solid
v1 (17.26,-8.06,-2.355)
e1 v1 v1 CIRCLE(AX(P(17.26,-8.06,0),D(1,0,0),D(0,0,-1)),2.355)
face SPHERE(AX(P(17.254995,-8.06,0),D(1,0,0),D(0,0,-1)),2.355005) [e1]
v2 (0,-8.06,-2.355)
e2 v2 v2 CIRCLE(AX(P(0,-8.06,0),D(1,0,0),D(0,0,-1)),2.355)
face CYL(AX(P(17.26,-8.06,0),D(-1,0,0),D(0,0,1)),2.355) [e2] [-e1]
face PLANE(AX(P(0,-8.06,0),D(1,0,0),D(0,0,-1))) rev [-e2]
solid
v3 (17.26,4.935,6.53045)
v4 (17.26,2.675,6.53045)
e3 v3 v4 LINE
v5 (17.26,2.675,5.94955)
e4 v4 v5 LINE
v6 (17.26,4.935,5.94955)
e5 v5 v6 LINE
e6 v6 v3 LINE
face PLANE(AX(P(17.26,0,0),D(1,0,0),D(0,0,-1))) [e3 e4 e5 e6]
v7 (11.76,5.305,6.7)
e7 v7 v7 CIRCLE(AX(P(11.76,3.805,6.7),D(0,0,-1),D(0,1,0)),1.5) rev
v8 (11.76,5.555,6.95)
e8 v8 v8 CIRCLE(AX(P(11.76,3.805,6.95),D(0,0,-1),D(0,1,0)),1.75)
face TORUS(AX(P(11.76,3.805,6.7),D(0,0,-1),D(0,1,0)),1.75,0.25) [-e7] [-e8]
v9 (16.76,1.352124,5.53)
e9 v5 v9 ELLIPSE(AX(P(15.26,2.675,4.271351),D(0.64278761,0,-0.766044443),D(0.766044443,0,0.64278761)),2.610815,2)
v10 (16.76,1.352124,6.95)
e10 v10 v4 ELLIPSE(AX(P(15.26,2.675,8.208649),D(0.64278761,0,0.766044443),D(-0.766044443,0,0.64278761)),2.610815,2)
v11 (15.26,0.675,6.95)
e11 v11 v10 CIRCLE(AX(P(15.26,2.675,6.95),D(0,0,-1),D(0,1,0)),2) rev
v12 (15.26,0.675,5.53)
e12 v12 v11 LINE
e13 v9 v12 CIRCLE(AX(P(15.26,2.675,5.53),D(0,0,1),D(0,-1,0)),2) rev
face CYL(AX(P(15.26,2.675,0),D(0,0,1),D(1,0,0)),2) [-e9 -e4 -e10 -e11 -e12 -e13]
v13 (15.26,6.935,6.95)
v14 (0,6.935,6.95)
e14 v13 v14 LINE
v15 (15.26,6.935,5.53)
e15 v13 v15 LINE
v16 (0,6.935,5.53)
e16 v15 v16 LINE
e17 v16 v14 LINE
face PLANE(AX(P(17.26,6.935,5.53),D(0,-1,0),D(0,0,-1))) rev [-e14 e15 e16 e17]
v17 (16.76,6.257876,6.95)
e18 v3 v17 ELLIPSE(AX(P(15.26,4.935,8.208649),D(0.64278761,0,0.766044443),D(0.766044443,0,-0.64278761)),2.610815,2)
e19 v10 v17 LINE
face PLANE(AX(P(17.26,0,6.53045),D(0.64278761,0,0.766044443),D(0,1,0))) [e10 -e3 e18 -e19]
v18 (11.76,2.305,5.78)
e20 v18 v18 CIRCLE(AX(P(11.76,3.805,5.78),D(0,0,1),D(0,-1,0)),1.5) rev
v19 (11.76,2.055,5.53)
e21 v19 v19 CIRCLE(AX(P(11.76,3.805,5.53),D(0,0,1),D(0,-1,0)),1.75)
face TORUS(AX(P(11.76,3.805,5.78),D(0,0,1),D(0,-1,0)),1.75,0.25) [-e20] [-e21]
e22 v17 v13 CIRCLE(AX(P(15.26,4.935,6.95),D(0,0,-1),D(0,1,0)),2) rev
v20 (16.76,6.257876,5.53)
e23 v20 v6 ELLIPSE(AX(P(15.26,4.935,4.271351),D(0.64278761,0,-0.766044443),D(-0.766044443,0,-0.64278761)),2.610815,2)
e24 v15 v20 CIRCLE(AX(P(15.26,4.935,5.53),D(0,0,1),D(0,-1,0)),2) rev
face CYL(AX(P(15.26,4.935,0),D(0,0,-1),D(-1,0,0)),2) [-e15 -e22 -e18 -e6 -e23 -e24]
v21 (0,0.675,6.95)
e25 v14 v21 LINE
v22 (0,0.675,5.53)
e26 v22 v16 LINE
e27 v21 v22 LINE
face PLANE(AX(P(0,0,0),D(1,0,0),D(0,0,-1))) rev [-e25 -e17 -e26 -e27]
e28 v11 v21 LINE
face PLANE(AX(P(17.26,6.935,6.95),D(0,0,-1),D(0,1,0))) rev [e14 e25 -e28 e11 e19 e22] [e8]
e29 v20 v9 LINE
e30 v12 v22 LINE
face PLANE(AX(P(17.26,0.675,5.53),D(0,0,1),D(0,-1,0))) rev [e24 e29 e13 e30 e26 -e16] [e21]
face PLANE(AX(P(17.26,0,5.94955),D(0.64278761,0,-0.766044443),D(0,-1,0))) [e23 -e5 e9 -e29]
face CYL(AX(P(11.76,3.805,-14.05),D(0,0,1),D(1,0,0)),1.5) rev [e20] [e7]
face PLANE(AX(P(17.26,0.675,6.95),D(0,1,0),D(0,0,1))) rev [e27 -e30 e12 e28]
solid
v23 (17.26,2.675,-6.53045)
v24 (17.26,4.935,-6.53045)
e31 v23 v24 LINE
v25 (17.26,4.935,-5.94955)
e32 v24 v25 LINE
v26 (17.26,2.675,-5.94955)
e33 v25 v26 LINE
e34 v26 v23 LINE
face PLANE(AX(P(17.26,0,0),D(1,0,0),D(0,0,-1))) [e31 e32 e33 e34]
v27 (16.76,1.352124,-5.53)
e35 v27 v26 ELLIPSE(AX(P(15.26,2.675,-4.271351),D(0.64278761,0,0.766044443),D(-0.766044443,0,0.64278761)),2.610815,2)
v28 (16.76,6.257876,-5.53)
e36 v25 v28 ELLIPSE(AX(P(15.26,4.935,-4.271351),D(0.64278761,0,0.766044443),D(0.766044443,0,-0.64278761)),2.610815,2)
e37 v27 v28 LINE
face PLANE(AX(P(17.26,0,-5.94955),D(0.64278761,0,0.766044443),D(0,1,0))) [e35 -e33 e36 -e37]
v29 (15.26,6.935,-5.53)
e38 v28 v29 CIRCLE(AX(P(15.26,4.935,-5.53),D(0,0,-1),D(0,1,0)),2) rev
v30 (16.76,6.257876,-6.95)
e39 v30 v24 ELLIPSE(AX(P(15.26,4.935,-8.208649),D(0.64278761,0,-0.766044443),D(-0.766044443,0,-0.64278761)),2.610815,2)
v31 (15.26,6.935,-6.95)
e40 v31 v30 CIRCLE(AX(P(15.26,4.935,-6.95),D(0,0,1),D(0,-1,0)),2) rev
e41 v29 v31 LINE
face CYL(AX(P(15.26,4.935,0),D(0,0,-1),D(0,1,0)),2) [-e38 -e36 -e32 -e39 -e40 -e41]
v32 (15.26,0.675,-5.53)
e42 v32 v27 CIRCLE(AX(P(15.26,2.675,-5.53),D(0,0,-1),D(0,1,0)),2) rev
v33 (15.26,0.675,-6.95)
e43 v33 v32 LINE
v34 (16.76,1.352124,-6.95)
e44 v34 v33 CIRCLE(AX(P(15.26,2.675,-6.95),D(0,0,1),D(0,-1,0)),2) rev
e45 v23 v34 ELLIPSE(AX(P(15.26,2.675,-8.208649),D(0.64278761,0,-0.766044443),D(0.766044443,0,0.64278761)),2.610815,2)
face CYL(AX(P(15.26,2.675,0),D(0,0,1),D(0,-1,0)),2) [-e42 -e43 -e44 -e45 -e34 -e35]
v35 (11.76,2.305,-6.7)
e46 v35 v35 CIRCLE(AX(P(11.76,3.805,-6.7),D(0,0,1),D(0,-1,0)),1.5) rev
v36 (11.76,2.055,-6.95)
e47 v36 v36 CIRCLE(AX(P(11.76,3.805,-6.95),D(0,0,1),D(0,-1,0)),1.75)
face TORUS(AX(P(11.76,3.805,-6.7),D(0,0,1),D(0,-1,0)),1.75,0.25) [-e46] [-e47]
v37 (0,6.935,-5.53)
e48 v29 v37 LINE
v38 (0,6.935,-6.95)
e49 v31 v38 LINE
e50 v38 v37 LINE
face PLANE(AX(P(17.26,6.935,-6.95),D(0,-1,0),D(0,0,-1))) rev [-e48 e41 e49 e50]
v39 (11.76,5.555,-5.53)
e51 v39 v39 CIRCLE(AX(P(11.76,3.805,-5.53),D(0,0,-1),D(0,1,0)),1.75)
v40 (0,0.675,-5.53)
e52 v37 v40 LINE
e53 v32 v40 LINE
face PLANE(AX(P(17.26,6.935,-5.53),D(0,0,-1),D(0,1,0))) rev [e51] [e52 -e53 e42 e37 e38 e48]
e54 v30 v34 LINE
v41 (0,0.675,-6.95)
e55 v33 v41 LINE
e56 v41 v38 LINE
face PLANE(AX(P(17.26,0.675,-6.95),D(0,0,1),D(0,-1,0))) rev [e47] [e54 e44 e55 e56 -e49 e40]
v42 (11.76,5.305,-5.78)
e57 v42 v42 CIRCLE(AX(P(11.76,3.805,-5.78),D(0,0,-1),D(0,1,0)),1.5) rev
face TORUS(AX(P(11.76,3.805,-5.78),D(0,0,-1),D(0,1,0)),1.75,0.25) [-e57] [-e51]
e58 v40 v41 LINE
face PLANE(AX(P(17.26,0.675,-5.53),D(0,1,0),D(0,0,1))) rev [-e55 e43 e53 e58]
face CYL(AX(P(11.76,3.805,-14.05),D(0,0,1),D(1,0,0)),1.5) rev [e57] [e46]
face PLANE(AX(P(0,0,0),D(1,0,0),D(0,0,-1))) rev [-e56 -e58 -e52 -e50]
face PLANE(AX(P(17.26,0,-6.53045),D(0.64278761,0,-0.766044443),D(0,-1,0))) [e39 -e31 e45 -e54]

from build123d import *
from OCP.BRepFilletAPI import BRepFilletAPI_MakeChamfer

# Parameters (mm, degrees)
SKETCH1_R             = 2.355
BOSS_EXTRUDE1_DEPTH   = 17.26
SKETCH1_W             = 1.42
SKETCH1_H             = 6.26
BOSS_EXTRUDE1_2_DEPTH = 17.26
BOSS_EXTRUDE1_3_DEPTH = 17.26
CHAMFER1_SIZE         = 0.5
CHAMFER1_SIZE2        = 0.419549816
CHAMFER2_SIZE         = 0.5
CHAMFER2_SIZE2        = 0.419549816
FILLET1_R             = 2
FILLET2_R             = 2
DOME1_FACE_RADIUS     = 2.355
DOME1_HEIGHT          = 2.35
SKETCH2_R             = 1.5
CUT_EXTRUDE1_DEPTH    = 21
FILLET3_R             = 0.25
FILLET4_R             = 0.25


with BuildPart() as part:
    # Sketch1 → Boss-Extrude1 (new body)
    with BuildSketch(Plane(origin=(0, 0, 0), x_dir=(0, 0, -1), z_dir=(1, 0, 0))):
        with Locations((0, -8.06)):
            Circle(SKETCH1_R)
    extrude(amount=BOSS_EXTRUDE1_DEPTH)

    # Dome1: a dome of height H over a round flat face of radius A is a cap of a sphere of radius (A * A + H * H) / (2 * H)
    dome1_r = (DOME1_FACE_RADIUS * DOME1_FACE_RADIUS + DOME1_HEIGHT * DOME1_HEIGHT) / (2 * DOME1_HEIGHT)
    dome1_base = Plane((17.26, -8.06, 0), z_dir=(1, 0, 0))
    with Locations(dome1_base.offset(DOME1_HEIGHT - dome1_r)):
        dome1_ball = Sphere(dome1_r, mode=Mode.PRIVATE)
    add(split(dome1_ball, bisect_by=dome1_base, keep=Keep.TOP, mode=Mode.PRIVATE))


with BuildPart() as body_2:
    # Sketch1 → Boss-Extrude1 2 (new body)
    with BuildSketch(Plane(origin=(0, 0, 0), x_dir=(0, 0, -1), z_dir=(1, 0, 0))):
        with Locations((6.24, 3.805)):
            Rectangle(SKETCH1_W, SKETCH1_H)
    extrude(amount=BOSS_EXTRUDE1_2_DEPTH)

    # Chamfer2: one chamfer whose edges measure the first distance from different faces: ONE call of the kernel's chamfer builder (chamfer() names one face for all edges)
    chamfer2_edges_1 = [body_2.edges().sort_by_distance(p)[0] for p in [
        (17.26, 3.805, -5.53),
    ]]
    chamfer2_side_1 = [body_2.faces().sort_by_distance(p)[0] for p in [
        (8.63, 3.805, -5.53),
    ]]
    chamfer2_edges_2 = [body_2.edges().sort_by_distance(p)[0] for p in [
        (17.26, 3.805, -6.95),
    ]]
    chamfer2_side_2 = [body_2.faces().sort_by_distance(p)[0] for p in [
        (8.63, 3.805, -6.95),
    ]]
    chamfer2 = BRepFilletAPI_MakeChamfer(body_2.part.solid().wrapped)
    for e in chamfer2_edges_1:
        chamfer2.Add(CHAMFER2_SIZE, CHAMFER2_SIZE2, e.wrapped, chamfer2_side_1[0].wrapped)  # the first distance lies on this face
    for e in chamfer2_edges_2:
        chamfer2.Add(CHAMFER2_SIZE, CHAMFER2_SIZE2, e.wrapped, chamfer2_side_2[0].wrapped)  # the first distance lies on this face
    add(Compound.cast(chamfer2.Shape()), mode=Mode.REPLACE)

    # Fillet2
    fillet2_edges = [body_2.edges().sort_by_distance(p)[0] for p in [
        (17.26, 0.675, -6.24),
        (17.26, 6.935, -6.24),
    ]]
    fillet(fillet2_edges, radius=FILLET2_R)


with BuildPart() as body_3:
    # Sketch1 → Boss-Extrude1 3 (new body)
    with BuildSketch(Plane(origin=(0, 0, 0), x_dir=(0, 0, -1), z_dir=(1, 0, 0))):
        with Locations((-6.24, 3.805)):
            Rectangle(SKETCH1_W, SKETCH1_H)
    extrude(amount=BOSS_EXTRUDE1_3_DEPTH)

    # Chamfer1: one chamfer whose edges measure the first distance from different faces: ONE call of the kernel's chamfer builder (chamfer() names one face for all edges)
    chamfer1_edges_1 = [body_3.edges().sort_by_distance(p)[0] for p in [
        (17.26, 3.805, 6.95),
    ]]
    chamfer1_side_1 = [body_3.faces().sort_by_distance(p)[0] for p in [
        (8.63, 3.805, 6.95),
    ]]
    chamfer1_edges_2 = [body_3.edges().sort_by_distance(p)[0] for p in [
        (17.26, 3.805, 5.53),
    ]]
    chamfer1_side_2 = [body_3.faces().sort_by_distance(p)[0] for p in [
        (8.63, 3.805, 5.53),
    ]]
    chamfer1 = BRepFilletAPI_MakeChamfer(body_3.part.solid().wrapped)
    for e in chamfer1_edges_1:
        chamfer1.Add(CHAMFER1_SIZE, CHAMFER1_SIZE2, e.wrapped, chamfer1_side_1[0].wrapped)  # the first distance lies on this face
    for e in chamfer1_edges_2:
        chamfer1.Add(CHAMFER1_SIZE, CHAMFER1_SIZE2, e.wrapped, chamfer1_side_2[0].wrapped)  # the first distance lies on this face
    add(Compound.cast(chamfer1.Shape()), mode=Mode.REPLACE)

    # Fillet1
    fillet1_edges = [body_3.edges().sort_by_distance(p)[0] for p in [
        (17.26, 6.935, 6.24),
        (17.26, 0.675, 6.24),
    ]]
    fillet(fillet1_edges, radius=FILLET1_R)


with BuildPart() as cut_extrude1_tool:
    # Sketch2 → Cut-Extrude1 (new body)
    with BuildSketch(Plane.XY.offset(6.95)):
        with Locations((11.76, 3.805)):
            Circle(SKETCH2_R)
    extrude(amount=-CUT_EXTRUDE1_DEPTH)


with BuildPart() as body_2_1:
    add(body_2.part)

    # Cut-Extrude1: cut by cut_extrude1_tool
    add(cut_extrude1_tool.part, mode=Mode.SUBTRACT)

    # Fillet3
    fillet3_edges = [body_2_1.edges().sort_by_distance(p)[0] for p in [
        (10.26, 3.805, -5.53),
        (10.26, 3.805, -6.95),
    ]]
    fillet(fillet3_edges, radius=FILLET3_R)


with BuildPart() as body_3_1:
    add(body_3.part)

    # Cut-Extrude1: cut by cut_extrude1_tool
    add(cut_extrude1_tool.part, mode=Mode.SUBTRACT)

    # Fillet4
    fillet4_edges = [body_3_1.edges().sort_by_distance(p)[0] for p in [
        (10.26, 3.805, 5.53),
        (10.26, 3.805, 6.95),
    ]]
    fillet(fillet4_edges, radius=FILLET4_R)


solid = Compound([part.part, body_2_1.part, body_3_1.part])
